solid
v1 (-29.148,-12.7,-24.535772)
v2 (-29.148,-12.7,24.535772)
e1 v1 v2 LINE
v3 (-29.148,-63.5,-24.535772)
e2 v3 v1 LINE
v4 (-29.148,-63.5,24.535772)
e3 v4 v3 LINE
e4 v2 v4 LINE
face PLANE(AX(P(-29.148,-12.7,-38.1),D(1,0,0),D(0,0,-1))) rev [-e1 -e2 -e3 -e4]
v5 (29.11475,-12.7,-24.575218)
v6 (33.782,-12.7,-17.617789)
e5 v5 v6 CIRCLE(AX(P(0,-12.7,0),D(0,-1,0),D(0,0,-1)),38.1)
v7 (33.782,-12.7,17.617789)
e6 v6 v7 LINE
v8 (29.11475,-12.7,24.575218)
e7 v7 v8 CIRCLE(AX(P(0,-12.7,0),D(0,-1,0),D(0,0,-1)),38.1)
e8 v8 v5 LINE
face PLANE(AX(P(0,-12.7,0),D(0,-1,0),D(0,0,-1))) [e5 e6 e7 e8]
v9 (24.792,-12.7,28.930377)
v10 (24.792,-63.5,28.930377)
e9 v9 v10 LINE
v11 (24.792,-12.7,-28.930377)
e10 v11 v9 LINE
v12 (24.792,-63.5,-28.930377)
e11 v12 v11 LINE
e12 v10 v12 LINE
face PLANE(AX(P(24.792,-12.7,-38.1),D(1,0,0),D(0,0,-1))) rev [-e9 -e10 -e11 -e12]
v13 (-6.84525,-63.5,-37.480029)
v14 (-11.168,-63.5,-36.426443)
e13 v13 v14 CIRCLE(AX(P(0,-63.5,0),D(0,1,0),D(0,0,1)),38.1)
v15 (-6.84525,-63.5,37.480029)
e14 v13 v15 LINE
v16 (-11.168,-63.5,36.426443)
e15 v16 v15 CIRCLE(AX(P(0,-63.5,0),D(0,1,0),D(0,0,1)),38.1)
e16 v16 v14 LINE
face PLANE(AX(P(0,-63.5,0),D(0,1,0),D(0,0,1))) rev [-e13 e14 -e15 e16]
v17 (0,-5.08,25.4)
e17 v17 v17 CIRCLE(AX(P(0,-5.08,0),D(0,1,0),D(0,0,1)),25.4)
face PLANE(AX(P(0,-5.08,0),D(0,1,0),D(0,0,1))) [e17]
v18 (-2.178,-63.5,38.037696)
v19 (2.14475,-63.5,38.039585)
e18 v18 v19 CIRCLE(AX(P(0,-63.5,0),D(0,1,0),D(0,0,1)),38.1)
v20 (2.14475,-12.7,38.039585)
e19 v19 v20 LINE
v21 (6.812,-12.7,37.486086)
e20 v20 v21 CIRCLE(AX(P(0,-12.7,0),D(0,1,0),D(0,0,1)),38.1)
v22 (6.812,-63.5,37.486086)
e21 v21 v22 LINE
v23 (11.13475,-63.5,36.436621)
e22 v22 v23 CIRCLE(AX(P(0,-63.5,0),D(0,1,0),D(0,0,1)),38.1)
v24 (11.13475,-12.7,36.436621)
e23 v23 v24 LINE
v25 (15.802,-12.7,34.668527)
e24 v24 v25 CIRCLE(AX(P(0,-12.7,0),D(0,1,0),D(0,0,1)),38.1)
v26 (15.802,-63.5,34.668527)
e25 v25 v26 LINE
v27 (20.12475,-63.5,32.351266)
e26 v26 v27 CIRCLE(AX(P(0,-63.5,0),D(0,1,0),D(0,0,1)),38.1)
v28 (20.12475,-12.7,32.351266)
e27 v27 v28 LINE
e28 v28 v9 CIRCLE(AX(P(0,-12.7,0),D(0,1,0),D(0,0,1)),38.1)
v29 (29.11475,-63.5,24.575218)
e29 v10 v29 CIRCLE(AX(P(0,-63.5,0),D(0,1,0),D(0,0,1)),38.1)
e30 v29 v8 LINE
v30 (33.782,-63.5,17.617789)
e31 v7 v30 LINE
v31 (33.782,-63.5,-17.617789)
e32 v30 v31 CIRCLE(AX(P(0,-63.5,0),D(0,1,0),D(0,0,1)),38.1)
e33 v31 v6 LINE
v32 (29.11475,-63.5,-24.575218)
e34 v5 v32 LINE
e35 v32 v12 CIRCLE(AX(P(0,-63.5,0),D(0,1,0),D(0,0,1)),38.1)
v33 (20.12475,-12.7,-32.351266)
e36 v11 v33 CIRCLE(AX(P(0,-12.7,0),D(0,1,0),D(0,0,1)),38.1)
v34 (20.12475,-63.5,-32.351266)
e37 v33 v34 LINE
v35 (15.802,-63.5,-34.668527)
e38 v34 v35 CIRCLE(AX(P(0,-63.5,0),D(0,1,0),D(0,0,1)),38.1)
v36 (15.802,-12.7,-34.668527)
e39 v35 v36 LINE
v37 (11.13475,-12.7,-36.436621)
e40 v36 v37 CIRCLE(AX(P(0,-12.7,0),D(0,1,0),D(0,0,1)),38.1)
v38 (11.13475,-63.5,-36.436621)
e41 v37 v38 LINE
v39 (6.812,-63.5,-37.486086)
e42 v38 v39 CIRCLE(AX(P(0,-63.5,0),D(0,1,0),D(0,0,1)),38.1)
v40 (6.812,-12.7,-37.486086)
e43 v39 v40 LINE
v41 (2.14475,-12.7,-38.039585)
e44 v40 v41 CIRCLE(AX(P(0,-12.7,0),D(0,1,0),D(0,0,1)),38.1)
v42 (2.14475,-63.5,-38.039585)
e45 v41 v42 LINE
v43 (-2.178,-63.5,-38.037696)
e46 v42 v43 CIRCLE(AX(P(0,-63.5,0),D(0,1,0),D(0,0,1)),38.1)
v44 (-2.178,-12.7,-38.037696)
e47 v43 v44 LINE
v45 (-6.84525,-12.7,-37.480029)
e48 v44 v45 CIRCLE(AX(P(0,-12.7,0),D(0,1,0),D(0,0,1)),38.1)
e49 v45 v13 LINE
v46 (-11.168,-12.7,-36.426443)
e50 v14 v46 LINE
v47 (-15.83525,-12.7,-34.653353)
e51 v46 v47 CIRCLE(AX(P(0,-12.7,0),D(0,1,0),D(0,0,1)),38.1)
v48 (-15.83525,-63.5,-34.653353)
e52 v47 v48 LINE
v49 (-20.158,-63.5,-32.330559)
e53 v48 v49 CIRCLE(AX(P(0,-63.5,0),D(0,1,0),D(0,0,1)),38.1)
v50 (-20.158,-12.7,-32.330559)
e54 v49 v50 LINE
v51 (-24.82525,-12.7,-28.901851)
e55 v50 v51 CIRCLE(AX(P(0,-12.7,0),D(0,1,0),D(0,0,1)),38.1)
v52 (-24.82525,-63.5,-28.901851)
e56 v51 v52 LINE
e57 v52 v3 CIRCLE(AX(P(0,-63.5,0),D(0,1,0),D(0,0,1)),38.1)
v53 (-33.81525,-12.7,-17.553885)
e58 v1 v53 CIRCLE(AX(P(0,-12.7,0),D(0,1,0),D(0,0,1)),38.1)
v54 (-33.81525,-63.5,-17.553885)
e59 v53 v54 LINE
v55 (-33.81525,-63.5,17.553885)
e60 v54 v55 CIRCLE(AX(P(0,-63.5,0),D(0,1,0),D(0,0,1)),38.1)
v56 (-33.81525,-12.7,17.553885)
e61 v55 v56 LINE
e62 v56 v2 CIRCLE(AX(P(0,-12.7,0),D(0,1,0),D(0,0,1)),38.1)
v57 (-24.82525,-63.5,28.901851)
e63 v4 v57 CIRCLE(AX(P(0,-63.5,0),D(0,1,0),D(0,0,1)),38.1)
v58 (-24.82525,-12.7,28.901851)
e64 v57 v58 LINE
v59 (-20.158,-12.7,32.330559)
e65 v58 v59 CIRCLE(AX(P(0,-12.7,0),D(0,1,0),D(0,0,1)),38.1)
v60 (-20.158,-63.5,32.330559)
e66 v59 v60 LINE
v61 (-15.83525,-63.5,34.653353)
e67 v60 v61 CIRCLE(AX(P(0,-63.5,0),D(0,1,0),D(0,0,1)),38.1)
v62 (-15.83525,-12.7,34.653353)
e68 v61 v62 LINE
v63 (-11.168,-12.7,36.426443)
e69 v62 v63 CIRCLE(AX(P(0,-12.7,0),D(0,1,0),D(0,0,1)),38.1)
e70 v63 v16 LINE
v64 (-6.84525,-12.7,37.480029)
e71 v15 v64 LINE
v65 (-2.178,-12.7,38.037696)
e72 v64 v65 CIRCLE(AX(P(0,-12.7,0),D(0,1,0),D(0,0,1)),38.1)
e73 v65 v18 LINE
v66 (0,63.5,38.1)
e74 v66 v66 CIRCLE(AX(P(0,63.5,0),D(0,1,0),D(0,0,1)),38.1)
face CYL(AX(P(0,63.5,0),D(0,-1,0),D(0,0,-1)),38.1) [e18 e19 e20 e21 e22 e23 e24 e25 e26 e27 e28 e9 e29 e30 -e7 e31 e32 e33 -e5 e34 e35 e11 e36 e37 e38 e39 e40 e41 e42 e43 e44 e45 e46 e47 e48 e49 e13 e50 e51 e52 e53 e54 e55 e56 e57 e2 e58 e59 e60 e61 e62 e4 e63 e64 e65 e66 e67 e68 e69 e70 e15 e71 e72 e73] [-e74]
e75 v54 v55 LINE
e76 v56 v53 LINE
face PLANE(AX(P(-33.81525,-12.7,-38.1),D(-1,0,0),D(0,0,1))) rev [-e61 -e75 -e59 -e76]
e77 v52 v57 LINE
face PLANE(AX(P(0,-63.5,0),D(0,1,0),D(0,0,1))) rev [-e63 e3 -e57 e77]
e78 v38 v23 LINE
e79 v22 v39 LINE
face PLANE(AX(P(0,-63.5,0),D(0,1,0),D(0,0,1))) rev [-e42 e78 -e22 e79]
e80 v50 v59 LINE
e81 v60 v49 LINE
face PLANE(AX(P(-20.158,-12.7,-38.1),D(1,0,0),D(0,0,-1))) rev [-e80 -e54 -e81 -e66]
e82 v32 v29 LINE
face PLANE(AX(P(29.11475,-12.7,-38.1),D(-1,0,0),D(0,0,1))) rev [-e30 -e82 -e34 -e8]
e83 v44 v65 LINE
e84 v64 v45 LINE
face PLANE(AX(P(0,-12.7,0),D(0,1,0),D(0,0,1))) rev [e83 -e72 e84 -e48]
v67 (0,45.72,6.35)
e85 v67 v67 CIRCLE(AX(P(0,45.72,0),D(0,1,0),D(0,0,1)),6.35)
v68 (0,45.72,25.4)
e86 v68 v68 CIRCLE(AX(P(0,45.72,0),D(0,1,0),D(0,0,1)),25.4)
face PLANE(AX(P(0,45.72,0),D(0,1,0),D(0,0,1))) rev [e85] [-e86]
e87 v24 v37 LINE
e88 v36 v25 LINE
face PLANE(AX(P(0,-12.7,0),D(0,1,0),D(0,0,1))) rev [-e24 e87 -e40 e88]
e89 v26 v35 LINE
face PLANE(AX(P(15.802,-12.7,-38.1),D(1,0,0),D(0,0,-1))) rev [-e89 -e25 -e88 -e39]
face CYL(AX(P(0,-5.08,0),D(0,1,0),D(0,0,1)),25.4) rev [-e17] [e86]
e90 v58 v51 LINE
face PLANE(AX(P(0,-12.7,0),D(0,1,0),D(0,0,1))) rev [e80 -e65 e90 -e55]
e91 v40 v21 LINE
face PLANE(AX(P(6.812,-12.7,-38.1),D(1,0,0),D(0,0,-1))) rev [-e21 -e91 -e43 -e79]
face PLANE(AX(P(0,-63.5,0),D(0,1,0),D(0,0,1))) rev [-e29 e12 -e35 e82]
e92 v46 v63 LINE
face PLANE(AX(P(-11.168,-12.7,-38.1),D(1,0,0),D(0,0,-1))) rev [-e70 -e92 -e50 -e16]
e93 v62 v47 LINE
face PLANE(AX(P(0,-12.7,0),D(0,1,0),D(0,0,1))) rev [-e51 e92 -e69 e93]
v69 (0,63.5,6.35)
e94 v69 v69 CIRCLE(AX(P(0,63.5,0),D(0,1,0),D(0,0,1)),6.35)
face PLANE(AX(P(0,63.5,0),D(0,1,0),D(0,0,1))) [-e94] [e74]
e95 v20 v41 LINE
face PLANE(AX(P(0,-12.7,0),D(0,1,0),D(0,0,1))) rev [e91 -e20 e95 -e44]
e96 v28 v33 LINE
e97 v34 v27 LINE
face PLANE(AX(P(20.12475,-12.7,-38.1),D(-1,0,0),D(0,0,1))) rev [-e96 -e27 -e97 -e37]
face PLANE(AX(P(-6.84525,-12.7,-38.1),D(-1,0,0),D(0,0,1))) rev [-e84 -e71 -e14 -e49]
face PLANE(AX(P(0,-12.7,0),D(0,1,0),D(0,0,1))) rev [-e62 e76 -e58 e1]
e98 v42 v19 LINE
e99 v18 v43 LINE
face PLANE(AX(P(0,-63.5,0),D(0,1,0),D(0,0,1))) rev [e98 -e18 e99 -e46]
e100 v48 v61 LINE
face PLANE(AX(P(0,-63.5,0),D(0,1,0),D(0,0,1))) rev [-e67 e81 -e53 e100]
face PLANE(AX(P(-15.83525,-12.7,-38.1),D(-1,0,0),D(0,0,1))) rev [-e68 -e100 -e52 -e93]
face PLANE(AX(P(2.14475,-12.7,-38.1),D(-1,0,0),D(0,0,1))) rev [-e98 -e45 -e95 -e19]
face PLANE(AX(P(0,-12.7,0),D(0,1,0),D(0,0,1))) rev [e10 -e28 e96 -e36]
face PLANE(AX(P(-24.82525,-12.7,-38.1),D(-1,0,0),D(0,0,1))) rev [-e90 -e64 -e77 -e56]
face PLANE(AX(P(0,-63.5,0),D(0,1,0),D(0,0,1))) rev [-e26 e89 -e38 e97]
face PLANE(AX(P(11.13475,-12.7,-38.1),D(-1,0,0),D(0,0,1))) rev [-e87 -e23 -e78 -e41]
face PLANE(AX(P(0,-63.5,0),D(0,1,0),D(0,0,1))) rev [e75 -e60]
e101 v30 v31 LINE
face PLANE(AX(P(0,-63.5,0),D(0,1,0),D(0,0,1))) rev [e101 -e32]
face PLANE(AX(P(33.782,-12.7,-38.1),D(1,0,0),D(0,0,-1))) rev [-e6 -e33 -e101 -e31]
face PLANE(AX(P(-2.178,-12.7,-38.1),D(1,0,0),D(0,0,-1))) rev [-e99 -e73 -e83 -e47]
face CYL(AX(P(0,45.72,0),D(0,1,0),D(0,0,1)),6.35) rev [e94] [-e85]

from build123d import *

# Parameters (mm, degrees)
ESQUISSE1_R             = 38.1
BOSS_EXTRU_1_DEPTH      = 63.5
ESQUISSE2_R             = 6.35
ENL_V_MAT_EXTRU_1_DEPTH = 17.78
ESQUISSE3_R             = 25.4
ENL_V_MAT_EXTRU_2_DEPTH = 50.8
ESQUISSE4_W             = 4.66725
ESQUISSE4_H             = 76.2
ENL_V_MAT_EXTRU_3_DEPTH = 50.8


with BuildPart() as part:
    # Esquisse1 → Boss.-Extru.1 (new, symmetric)
    with BuildSketch(Plane(origin=(0, 0, 0), x_dir=(1, 0, 0), z_dir=(0, 1, 0))):
        with Locations(Location((0, 0, 0), (0, 0, 270))):
            Circle(ESQUISSE1_R)
    extrude(amount=BOSS_EXTRU_1_DEPTH, both=True)

    # Esquisse2 → Enlèv. mat.-Extru.1 (cut)
    with BuildSketch(Plane(origin=(0, 63.5, 0), x_dir=(1, 0, 0), z_dir=(0, 1, 0))):
        with Locations(Location((0, 0, 0), (0, 0, 270))):
            Circle(ESQUISSE2_R)
    extrude(amount=-ENL_V_MAT_EXTRU_1_DEPTH, mode=Mode.SUBTRACT)

    # Esquisse3 → Enlèv. mat.-Extru.2 (cut)
    with BuildSketch(Plane(origin=(0, 45.72, 0), x_dir=(1, 0, 0), z_dir=(0, 1, 0))):
        with Locations(Location((0, 0, 0), (0, 0, 270))):
            Circle(ESQUISSE3_R)
    extrude(amount=-ENL_V_MAT_EXTRU_2_DEPTH, mode=Mode.SUBTRACT)

    # Esquisse4 → Enlèv. mat.-Extru.3 (cut)
    with BuildSketch(Plane.XZ.offset(63.5)):
        with Locations((22.458375, 0)):
            Rectangle(ESQUISSE4_W, ESQUISSE4_H)
        with Locations((31.448375, 0)):
            Rectangle(ESQUISSE4_W, ESQUISSE4_H)
        with Locations((13.468375, 0)):
            Rectangle(ESQUISSE4_W, ESQUISSE4_H)
        with Locations((4.478375, 0)):
            Rectangle(ESQUISSE4_W, ESQUISSE4_H)
        with Locations((-4.511625, 0)):
            Rectangle(ESQUISSE4_W, ESQUISSE4_H)
        with Locations((-13.501625, 0)):
            Rectangle(ESQUISSE4_W, ESQUISSE4_H)
        with Locations((-22.491625, 0)):
            Rectangle(ESQUISSE4_W, ESQUISSE4_H)
        with Locations((-31.481625, 0)):
            Rectangle(ESQUISSE4_W, ESQUISSE4_H)
    extrude(amount=-ENL_V_MAT_EXTRU_3_DEPTH, mode=Mode.SUBTRACT)


solid = part.part
